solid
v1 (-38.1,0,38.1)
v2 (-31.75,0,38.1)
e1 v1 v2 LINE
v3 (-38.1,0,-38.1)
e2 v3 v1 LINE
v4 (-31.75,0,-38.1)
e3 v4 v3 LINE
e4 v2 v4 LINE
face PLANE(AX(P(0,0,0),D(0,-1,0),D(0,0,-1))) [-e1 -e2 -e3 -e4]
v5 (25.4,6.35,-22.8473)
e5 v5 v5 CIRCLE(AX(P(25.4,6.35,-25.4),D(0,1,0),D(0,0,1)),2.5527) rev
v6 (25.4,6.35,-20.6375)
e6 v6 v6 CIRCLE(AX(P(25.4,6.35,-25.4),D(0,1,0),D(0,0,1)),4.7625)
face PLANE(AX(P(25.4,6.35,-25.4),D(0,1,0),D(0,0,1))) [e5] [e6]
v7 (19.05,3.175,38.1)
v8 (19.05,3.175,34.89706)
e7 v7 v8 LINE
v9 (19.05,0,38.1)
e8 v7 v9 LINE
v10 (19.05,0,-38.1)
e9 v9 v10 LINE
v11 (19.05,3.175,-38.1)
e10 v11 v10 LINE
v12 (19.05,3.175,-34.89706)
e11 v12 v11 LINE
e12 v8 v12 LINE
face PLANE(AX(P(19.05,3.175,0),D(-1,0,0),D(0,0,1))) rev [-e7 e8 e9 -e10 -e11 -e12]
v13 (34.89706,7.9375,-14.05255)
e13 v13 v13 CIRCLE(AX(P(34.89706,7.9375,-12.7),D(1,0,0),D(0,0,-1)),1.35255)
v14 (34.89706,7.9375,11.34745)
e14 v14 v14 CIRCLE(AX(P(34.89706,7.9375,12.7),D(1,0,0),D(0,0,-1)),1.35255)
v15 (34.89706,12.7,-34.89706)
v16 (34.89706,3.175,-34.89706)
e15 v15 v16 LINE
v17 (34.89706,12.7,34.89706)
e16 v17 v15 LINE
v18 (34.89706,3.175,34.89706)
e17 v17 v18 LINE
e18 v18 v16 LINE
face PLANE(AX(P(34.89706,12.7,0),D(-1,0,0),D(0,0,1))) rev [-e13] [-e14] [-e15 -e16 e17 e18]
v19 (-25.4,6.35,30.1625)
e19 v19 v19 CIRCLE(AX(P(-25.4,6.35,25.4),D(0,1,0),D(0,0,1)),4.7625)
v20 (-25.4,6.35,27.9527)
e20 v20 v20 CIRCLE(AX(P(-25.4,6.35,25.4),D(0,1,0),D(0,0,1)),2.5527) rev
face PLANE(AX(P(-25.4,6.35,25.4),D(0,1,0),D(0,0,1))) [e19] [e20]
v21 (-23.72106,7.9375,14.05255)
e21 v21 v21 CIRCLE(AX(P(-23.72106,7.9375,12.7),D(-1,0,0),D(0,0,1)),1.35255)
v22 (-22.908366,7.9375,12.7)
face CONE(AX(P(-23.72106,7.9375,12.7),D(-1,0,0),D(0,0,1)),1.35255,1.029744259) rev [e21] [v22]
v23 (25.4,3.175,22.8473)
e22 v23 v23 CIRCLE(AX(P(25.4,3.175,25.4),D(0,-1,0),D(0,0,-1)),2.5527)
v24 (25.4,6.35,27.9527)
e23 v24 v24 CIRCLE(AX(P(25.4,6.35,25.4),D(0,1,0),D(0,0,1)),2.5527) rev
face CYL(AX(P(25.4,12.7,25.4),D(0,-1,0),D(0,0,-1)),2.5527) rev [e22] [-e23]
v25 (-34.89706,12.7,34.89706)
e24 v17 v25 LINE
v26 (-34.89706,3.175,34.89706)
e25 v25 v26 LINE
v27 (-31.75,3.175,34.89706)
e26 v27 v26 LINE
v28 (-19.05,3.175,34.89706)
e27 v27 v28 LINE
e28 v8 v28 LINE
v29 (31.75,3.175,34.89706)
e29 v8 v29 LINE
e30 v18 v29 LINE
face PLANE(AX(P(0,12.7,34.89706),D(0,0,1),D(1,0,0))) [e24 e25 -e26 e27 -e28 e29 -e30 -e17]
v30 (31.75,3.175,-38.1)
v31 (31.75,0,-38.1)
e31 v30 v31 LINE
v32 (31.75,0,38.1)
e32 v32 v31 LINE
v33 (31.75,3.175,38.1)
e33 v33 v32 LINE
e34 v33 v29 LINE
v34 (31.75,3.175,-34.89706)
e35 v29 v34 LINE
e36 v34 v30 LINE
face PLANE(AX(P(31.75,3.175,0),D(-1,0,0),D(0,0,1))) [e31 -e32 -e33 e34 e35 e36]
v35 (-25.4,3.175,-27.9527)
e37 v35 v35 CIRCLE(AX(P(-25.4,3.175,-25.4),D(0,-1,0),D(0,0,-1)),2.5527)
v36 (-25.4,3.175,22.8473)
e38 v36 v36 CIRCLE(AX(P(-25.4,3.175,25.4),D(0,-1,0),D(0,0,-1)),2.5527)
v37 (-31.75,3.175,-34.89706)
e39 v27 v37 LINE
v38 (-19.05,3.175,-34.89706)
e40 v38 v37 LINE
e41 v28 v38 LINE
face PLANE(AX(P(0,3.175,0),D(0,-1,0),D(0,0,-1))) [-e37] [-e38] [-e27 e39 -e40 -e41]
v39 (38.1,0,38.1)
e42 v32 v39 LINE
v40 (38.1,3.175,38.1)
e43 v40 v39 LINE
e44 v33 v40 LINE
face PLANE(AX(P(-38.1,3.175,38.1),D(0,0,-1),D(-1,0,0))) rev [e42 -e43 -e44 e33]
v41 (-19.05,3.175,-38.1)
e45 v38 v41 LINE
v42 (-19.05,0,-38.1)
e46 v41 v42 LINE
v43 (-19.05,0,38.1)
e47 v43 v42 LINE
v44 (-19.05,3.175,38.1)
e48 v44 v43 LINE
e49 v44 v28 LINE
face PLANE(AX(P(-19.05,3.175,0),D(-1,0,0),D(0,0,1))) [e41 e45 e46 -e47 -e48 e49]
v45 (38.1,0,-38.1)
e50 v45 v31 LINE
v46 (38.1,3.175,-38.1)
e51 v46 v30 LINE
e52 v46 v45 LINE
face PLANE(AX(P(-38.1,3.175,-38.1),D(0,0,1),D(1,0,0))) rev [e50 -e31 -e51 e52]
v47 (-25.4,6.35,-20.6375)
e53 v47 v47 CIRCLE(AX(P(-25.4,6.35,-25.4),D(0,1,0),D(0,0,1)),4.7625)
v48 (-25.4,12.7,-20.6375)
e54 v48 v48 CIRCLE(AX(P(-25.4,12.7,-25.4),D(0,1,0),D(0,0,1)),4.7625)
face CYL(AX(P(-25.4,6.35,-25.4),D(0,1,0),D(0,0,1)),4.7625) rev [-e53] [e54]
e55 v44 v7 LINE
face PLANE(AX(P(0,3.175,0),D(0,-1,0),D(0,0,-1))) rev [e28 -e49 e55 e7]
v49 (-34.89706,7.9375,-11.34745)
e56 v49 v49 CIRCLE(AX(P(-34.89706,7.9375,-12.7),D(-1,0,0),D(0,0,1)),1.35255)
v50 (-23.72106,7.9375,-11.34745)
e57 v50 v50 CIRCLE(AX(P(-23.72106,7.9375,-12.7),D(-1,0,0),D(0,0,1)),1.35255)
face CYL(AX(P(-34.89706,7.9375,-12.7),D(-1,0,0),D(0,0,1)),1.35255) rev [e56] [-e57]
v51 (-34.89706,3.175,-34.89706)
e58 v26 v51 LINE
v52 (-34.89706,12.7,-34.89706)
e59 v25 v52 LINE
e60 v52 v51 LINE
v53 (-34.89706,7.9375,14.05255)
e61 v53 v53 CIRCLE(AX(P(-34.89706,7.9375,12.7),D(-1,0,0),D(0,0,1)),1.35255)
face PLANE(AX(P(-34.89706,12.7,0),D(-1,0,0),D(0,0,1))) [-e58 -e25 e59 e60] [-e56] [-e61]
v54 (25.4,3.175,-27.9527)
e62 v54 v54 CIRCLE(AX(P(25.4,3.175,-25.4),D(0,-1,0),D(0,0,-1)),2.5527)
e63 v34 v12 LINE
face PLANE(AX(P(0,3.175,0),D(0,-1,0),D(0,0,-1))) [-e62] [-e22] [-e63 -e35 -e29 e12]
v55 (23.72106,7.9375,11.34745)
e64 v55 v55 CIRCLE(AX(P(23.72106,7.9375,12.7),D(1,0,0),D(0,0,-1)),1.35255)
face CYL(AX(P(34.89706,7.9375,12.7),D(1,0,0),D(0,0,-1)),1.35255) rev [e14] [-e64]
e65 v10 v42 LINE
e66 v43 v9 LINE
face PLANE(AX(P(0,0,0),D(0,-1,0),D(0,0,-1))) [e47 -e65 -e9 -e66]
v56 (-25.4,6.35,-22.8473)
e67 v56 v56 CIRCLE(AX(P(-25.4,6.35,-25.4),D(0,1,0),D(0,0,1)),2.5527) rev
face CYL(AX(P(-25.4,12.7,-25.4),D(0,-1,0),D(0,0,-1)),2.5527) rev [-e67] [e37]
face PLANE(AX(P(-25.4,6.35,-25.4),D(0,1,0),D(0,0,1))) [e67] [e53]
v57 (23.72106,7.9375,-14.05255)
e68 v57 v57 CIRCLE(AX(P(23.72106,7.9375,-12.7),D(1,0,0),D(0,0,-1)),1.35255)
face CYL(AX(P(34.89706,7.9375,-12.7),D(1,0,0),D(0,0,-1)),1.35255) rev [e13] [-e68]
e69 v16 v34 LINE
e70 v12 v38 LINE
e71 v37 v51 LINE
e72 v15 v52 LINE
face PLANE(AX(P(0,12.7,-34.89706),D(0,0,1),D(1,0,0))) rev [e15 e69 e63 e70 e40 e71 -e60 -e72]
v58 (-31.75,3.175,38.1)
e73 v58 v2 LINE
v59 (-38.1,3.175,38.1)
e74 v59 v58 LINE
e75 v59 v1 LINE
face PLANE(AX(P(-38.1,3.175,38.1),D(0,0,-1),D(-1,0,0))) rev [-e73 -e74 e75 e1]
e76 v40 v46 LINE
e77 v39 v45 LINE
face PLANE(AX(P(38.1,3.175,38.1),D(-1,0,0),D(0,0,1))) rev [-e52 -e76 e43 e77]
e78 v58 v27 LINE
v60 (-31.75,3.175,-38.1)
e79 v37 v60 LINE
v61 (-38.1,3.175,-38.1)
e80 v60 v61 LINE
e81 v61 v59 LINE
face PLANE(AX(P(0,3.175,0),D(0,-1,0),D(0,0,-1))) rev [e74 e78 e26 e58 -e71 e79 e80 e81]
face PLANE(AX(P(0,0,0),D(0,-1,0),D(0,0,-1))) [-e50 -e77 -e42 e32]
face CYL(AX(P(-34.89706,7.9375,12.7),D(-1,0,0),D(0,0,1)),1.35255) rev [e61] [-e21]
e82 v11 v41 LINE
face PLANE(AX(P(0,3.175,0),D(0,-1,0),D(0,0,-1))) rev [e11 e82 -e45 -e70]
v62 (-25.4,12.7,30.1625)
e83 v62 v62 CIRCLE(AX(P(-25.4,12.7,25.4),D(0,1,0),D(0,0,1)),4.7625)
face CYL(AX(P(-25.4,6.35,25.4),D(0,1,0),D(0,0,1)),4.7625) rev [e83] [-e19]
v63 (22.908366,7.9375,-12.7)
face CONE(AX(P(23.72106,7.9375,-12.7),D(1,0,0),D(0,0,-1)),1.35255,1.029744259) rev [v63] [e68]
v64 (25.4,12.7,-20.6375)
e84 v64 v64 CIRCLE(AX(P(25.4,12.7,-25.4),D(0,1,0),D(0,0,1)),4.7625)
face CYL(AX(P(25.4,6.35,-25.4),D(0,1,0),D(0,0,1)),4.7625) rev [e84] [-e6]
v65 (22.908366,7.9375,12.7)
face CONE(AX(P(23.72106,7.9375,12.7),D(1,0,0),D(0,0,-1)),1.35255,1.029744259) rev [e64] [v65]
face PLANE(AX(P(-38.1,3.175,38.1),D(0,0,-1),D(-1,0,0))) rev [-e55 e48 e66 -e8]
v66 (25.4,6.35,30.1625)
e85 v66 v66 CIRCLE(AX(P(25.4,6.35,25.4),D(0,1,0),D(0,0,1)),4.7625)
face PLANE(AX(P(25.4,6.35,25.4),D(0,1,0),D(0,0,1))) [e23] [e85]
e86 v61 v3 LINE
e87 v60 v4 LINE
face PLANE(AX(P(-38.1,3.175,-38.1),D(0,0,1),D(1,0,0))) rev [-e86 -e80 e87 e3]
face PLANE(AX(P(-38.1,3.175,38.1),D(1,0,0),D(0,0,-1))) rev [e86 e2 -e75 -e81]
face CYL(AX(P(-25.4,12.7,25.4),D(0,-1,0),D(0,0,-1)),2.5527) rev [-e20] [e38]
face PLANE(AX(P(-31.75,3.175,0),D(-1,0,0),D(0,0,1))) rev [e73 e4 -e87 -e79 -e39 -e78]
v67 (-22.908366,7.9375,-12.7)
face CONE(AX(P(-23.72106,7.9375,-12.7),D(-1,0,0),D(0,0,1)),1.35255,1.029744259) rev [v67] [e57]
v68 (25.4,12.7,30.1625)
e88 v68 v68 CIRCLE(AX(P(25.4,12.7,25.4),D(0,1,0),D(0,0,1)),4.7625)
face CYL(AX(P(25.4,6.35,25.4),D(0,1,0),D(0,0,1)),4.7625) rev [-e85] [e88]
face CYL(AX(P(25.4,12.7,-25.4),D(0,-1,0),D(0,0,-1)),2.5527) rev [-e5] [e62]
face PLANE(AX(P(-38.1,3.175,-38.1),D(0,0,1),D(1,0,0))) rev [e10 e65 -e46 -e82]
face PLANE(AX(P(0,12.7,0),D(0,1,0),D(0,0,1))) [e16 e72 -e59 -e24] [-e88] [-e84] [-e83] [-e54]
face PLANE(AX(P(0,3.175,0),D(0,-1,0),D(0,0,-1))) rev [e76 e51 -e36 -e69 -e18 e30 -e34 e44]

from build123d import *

# Parameters (mm, degrees)
SKETCH1_W           = 76.2
SKETCH1_H           = 76.2
BOSS_EXTRUDE1_DEPTH = 3.175
SKETCH2_W           = 69.79412
SKETCH2_H           = 69.79412
SKETCH2_W_2         = 57.09412
SKETCH2_H_2         = 57.09412
BOSS_EXTRUDE2_DEPTH = 9.525
SKETCH13_W          = 12.7
SKETCH13_H          = 76.2
CUT_EXTRUDE1_DEPTH  = 3.175
SKETCH15_R          = 2.5527
CUT_EXTRUDE2_DEPTH  = 55.716959208
SKETCH17_R          = 4.7625
CUT_EXTRUDE3_DEPTH  = 6.35


with BuildPart() as part:
    # Sketch1 → Boss-Extrude1 (new body)
    with BuildSketch(Plane(origin=(0, 0, 0), x_dir=(1, 0, 0), z_dir=(0, 1, 0))):
        Rectangle(SKETCH1_W, SKETCH1_H)
    extrude(amount=BOSS_EXTRUDE1_DEPTH)

    # Sketch2 → Boss-Extrude2 (add)
    # profile 1 of 2: a face of its own
    with BuildSketch(Plane(origin=(0, 3.175, 0), x_dir=(1, 0, 0), z_dir=(0, 1, 0))):
        Rectangle(SKETCH2_W, SKETCH2_H)
        Rectangle(SKETCH2_W_2, SKETCH2_H_2, mode=Mode.SUBTRACT)
    # profile 2 of 2: a face of its own
    with BuildSketch(Plane(origin=(0, 3.175, 0), x_dir=(1, 0, 0), z_dir=(0, 1, 0))):
        Rectangle(SKETCH2_W_2, SKETCH2_H_2)
    extrude(amount=BOSS_EXTRUDE2_DEPTH)

    # Sketch9 → #6-32 Tapped Hole2 (revolve, cut)
    with BuildSketch(Plane(origin=(34.89706, 7.9375, 12.7), x_dir=(0, 0, -1), z_dir=(0, 1, 0))):
        Polygon((0, 0), (0, 11.98869403), (1.35255, 11.176), (1.35255, 0), align=None)
    f_6_32_tapped_hole2 = revolve(axis=Axis((41.24706, 7.9375, 12.7), (-1, 0, 0)), mode=Mode.SUBTRACT)

    # Mirror1: #6-32 Tapped Hole2 across plane
    add(f_6_32_tapped_hole2.mirror(Plane.XY), mode=Mode.SUBTRACT)

    # Mirror2: #6-32 Tapped Hole2 across plane
    add(f_6_32_tapped_hole2.mirror(Plane(origin=(0, 0, 0), x_dir=(0, 0, 1), z_dir=(1, 0, 0))), mode=Mode.SUBTRACT)

    # Mirror2 copy 1 sketch → Mirror2 copy 1 (revolve, cut)
    with BuildSketch(Plane(origin=(-34.89706, 7.9375, -12.7), x_dir=(0, 0, 1), z_dir=(0, 1, 0))):
        Polygon((0, 0), (0, 11.98869403), (1.35255, 11.176), (1.35255, 0), align=None)
    revolve(axis=Axis((-41.24706, 7.9375, -12.7), (1, 0, 0)), mode=Mode.SUBTRACT)

    # Sketch13 → Cut-Extrude1 (cut)
    with BuildSketch(Plane.XZ):
        with Locations((-25.4, 0)):
            Rectangle(SKETCH13_W, SKETCH13_H)
        with Locations((25.4, 0)):
            Rectangle(SKETCH13_W, SKETCH13_H)
    extrude(amount=-CUT_EXTRUDE1_DEPTH, mode=Mode.SUBTRACT)

    # Sketch15 → Cut-Extrude2 (cut, through all)
    with BuildSketch(Plane.XZ.offset(-3.175)):
        with Locations(Location((-25.4, 25.4, 0), (0, 0, 270))):
            Circle(SKETCH15_R)
        with Locations(Location((25.4, 25.4, 0), (0, 0, 270))):
            Circle(SKETCH15_R)
        with Locations(Location((25.4, -25.4, 0), (0, 0, 270))):
            Circle(SKETCH15_R)
        with Locations(Location((-25.4, -25.4, 0), (0, 0, 270))):
            Circle(SKETCH15_R)
    extrude(amount=-CUT_EXTRUDE2_DEPTH, mode=Mode.SUBTRACT)

    # Sketch17 → Cut-Extrude3 (cut)
    with BuildSketch(Plane(origin=(0, 12.7, 0), x_dir=(1, 0, 0), z_dir=(0, 1, 0))):
        with Locations(Location((-25.4, 25.4, 0), (0, 0, 270))):
            Circle(SKETCH17_R)
        with Locations(Location((25.4, 25.4, 0), (0, 0, 270))):
            Circle(SKETCH17_R)
        with Locations(Location((25.4, -25.4, 0), (0, 0, 270))):
            Circle(SKETCH17_R)
        with Locations(Location((-25.4, -25.4, 0), (0, 0, 270))):
            Circle(SKETCH17_R)
    extrude(amount=-CUT_EXTRUDE3_DEPTH, mode=Mode.SUBTRACT)


solid = part.part
